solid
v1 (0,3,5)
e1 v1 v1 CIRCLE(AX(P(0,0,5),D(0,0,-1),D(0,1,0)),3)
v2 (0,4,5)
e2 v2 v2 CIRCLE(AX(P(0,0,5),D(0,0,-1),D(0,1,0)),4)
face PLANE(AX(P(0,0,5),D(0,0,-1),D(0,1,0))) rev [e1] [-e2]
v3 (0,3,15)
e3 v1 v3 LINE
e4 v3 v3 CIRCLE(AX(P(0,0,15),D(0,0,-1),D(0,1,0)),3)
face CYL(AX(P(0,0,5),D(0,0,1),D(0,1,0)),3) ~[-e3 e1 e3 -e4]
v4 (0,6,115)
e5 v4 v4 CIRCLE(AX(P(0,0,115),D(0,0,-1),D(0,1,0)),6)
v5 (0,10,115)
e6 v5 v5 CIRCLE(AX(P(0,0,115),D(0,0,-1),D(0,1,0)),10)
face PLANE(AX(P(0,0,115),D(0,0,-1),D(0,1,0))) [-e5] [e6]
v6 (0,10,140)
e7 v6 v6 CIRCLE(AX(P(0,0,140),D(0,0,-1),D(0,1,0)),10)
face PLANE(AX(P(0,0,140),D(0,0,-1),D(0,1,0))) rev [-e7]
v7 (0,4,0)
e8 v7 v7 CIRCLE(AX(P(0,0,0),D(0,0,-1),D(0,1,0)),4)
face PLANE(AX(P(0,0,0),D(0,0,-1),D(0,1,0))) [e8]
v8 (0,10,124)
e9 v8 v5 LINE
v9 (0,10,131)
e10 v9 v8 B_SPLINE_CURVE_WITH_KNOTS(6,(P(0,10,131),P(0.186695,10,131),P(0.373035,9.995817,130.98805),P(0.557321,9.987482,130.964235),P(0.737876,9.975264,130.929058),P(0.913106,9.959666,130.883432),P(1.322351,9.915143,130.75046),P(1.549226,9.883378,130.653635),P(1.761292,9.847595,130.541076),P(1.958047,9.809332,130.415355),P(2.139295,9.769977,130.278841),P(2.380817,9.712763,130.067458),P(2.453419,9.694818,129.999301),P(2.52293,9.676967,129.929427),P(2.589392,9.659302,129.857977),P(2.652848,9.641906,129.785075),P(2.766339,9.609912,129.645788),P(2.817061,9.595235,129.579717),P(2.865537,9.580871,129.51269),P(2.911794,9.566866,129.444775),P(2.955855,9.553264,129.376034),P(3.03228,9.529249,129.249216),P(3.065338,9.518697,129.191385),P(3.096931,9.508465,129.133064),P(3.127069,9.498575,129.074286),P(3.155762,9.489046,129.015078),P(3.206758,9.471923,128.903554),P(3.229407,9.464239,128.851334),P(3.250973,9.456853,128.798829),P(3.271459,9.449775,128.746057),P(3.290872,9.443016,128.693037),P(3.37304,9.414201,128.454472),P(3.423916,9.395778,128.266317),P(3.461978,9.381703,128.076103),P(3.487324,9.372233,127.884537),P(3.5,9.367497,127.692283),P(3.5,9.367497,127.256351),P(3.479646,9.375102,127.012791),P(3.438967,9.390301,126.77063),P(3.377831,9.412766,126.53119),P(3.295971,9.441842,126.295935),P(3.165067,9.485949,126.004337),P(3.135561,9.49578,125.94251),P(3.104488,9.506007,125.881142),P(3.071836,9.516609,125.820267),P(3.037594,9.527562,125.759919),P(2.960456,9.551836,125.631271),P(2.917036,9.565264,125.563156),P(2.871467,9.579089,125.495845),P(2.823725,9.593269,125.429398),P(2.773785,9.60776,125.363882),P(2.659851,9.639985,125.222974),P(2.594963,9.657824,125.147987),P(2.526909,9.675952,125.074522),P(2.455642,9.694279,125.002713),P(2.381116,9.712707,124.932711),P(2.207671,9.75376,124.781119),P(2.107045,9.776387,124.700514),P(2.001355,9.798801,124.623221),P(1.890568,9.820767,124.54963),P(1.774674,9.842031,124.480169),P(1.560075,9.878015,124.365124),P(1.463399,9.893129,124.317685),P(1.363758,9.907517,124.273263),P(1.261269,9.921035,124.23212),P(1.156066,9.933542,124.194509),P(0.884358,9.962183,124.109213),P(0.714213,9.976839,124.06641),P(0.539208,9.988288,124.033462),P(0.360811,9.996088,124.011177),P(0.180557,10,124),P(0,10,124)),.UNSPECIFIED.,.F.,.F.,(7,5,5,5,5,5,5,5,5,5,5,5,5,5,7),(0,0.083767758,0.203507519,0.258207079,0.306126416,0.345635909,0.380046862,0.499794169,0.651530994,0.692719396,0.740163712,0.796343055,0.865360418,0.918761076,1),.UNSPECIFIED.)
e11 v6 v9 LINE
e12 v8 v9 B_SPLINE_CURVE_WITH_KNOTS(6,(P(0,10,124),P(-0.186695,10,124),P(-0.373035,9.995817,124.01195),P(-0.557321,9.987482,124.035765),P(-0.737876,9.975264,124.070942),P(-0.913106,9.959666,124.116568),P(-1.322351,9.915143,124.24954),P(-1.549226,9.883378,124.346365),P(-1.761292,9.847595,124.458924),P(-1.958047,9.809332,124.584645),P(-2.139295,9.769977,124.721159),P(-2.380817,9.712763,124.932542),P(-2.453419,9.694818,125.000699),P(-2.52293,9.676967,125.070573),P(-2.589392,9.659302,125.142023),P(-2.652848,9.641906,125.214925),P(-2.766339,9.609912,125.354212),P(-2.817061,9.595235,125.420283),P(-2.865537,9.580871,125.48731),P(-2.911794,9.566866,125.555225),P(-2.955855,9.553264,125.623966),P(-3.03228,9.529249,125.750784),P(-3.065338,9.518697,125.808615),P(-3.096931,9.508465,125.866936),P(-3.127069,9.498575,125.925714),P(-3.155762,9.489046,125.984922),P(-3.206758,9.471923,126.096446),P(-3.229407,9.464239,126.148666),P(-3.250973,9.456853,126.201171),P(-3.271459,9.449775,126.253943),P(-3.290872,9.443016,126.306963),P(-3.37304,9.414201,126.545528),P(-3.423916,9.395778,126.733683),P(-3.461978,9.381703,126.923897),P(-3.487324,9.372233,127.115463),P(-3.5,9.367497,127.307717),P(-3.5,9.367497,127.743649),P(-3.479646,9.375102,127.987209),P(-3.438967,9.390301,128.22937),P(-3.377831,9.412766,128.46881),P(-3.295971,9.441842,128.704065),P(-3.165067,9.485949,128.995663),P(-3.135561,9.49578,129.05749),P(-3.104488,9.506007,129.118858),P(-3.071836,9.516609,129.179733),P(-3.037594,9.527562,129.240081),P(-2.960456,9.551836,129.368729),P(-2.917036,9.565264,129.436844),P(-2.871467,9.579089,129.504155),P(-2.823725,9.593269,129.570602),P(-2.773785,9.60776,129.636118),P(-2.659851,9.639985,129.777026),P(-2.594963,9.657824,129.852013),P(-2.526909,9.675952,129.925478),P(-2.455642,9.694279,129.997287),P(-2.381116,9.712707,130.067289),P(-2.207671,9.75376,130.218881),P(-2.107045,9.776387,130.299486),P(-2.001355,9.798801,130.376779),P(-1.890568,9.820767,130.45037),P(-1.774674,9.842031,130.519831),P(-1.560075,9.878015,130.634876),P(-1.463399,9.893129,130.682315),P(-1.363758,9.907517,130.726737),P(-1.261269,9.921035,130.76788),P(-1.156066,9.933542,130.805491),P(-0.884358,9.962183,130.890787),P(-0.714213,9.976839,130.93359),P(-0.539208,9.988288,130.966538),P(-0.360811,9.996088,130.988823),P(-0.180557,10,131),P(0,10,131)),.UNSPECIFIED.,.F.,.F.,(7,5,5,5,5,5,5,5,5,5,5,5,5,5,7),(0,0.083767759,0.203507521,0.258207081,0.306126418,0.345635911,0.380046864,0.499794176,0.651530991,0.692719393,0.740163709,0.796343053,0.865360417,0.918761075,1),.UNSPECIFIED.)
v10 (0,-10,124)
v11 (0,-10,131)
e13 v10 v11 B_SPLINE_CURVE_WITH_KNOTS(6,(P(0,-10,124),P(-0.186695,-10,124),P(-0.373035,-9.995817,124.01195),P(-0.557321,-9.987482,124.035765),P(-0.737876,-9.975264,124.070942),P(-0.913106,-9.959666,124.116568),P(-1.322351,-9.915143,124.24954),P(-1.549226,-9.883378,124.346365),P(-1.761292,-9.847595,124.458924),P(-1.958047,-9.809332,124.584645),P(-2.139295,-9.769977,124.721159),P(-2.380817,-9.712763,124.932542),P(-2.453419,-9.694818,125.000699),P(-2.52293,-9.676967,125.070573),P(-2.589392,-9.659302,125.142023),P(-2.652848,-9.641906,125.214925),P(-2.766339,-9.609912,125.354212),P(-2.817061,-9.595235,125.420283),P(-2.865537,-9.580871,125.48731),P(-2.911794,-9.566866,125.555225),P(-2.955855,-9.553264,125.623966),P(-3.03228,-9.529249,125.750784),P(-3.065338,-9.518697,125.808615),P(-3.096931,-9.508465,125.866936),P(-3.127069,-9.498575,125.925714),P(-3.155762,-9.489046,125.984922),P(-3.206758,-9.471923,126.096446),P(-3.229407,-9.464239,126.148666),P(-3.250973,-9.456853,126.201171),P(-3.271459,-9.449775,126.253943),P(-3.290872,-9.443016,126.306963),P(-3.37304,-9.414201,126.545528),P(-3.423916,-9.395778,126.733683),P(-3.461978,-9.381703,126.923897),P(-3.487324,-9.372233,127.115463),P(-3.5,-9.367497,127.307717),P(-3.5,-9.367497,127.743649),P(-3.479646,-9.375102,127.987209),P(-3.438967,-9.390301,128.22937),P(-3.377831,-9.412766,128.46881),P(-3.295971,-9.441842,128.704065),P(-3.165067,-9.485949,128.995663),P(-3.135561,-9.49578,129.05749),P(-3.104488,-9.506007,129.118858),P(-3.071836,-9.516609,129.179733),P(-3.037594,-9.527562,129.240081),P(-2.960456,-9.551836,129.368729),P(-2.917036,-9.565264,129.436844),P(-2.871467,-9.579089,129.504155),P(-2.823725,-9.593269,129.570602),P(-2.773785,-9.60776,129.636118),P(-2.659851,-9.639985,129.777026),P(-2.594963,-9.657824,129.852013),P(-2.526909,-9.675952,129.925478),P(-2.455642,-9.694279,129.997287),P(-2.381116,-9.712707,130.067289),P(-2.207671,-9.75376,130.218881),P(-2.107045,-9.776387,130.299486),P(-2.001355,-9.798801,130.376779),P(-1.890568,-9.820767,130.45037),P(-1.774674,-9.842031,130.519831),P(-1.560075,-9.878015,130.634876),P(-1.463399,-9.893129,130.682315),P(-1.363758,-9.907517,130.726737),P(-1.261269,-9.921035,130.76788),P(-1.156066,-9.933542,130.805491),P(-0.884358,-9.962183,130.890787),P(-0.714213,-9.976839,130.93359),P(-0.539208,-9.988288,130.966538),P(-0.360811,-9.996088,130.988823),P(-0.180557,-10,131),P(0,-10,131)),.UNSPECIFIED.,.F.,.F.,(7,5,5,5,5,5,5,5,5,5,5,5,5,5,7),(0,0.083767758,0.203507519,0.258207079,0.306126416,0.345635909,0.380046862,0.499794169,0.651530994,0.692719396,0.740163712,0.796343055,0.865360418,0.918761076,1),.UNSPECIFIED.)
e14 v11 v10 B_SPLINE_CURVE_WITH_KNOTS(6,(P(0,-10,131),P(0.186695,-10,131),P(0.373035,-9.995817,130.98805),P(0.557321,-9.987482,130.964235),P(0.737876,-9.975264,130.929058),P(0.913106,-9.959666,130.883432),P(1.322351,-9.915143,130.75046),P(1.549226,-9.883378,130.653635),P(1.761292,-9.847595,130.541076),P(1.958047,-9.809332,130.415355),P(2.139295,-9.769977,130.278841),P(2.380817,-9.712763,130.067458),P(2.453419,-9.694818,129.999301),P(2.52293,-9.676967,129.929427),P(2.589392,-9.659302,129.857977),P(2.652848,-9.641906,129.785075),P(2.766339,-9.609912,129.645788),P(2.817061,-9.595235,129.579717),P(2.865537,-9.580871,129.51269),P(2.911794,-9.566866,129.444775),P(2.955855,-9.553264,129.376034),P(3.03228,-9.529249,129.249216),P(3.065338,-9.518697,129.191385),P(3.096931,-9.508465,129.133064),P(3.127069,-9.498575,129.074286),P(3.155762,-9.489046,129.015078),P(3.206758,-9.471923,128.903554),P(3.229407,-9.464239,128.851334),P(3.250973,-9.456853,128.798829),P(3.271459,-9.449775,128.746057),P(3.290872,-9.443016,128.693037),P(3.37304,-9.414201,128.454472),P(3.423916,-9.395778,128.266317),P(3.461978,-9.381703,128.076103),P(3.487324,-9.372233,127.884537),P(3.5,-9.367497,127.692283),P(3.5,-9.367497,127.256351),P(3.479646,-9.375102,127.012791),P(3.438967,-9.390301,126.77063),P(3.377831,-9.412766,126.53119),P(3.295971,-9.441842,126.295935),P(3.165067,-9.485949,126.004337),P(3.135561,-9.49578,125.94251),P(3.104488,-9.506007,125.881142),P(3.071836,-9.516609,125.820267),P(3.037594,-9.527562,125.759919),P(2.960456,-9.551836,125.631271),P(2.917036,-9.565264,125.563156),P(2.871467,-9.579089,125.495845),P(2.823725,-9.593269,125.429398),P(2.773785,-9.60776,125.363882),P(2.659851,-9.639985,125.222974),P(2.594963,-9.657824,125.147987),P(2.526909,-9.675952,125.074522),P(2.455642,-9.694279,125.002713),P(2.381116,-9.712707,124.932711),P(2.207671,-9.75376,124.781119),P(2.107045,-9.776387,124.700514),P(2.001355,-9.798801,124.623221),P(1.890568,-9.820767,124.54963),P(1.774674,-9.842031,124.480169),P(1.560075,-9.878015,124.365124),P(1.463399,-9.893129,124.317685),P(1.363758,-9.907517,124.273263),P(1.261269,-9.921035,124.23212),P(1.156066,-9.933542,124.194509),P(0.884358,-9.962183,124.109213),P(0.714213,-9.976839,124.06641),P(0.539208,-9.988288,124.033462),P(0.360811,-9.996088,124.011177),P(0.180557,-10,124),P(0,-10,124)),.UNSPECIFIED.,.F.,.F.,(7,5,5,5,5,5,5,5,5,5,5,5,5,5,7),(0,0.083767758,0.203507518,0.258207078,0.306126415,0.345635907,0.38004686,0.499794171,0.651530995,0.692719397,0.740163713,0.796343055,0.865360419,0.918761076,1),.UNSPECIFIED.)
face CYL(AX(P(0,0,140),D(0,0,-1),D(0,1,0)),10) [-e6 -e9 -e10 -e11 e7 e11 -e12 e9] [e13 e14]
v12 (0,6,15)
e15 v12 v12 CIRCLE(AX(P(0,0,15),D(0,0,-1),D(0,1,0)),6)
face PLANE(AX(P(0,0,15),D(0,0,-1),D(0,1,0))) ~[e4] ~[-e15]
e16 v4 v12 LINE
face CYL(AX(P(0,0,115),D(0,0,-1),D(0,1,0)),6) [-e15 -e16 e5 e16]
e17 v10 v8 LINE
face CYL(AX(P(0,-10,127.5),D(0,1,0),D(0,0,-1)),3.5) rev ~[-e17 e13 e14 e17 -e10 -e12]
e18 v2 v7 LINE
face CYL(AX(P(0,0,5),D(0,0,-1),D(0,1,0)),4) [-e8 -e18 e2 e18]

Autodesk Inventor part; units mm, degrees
ref_plane "YZ Plane" through (0, 0, 0) normal (1, 0, 0) x (0, 1, 0)
ref_plane "XY Plane" through (0, 0, 0) normal (0, 0, 1) x (1, 0, 0)
sketch "Sketch1" plane through (0, 0, 0) normal (1, 0, 0) x (0, 1, 0)
  line L0 (0, 140) -> (10, 140)
  line L1 (10, 140) -> (10, 115)
  line L2 (10, 115) -> (6, 115)
  line L3 (6, 115) -> (6, 15)
  line L4 (3, 5) -> (4, 5)
  line L5 (4, 5) -> (4, 0)
  line L6 (4, 0) -> (0, 0)
  line L7 (0, 168) -> (0, -28) projected
  line L8 (-2, 0) -> (12, 0) projected
  line L9 (3, 5) -> (3, 15)
  line L10 (3, 15) -> (6, 15)
  line L11 (0, 140) -> (0, 0)
  dimension "d4" = 25
  dimension "d8" = 5
  dimension "d9" = 140
  dimension "d12" = 15
  dimension "d15" = 12
  dimension "d16" = 6
  dimension "d17" = 8
  dimension "d18" = 20
revolve "Revolution1" add sketch "Sketch1" angle 360 about axis through (0, 0, 140) along (0, 0, -1)
ref_plane "Work Plane1" through (0, -10, 127.5) normal (0, 1, 0) x (-1, 0, 0)
sketch "Sketch2" plane through (0, -10, 127.5) normal (0, 1, 0) x (-1, 0, 0)
  line L0 (0, -155.5) -> (0, 40.5) projected
  line L1 (-10, 12.5) -> (10, 12.5) projected
  point P0 (0, -127.5)
  point P1 (0, 0)
  dimension "d20" = 12.5
hole "Hole1" at (0, -10, 127.5) direction (0, 1, 0) diameter 7 end through all
thread "Thread1" size "M12x1.75" class "6g" standard "ANSI Metric M Profile" full length
properties part number "Spindle"
